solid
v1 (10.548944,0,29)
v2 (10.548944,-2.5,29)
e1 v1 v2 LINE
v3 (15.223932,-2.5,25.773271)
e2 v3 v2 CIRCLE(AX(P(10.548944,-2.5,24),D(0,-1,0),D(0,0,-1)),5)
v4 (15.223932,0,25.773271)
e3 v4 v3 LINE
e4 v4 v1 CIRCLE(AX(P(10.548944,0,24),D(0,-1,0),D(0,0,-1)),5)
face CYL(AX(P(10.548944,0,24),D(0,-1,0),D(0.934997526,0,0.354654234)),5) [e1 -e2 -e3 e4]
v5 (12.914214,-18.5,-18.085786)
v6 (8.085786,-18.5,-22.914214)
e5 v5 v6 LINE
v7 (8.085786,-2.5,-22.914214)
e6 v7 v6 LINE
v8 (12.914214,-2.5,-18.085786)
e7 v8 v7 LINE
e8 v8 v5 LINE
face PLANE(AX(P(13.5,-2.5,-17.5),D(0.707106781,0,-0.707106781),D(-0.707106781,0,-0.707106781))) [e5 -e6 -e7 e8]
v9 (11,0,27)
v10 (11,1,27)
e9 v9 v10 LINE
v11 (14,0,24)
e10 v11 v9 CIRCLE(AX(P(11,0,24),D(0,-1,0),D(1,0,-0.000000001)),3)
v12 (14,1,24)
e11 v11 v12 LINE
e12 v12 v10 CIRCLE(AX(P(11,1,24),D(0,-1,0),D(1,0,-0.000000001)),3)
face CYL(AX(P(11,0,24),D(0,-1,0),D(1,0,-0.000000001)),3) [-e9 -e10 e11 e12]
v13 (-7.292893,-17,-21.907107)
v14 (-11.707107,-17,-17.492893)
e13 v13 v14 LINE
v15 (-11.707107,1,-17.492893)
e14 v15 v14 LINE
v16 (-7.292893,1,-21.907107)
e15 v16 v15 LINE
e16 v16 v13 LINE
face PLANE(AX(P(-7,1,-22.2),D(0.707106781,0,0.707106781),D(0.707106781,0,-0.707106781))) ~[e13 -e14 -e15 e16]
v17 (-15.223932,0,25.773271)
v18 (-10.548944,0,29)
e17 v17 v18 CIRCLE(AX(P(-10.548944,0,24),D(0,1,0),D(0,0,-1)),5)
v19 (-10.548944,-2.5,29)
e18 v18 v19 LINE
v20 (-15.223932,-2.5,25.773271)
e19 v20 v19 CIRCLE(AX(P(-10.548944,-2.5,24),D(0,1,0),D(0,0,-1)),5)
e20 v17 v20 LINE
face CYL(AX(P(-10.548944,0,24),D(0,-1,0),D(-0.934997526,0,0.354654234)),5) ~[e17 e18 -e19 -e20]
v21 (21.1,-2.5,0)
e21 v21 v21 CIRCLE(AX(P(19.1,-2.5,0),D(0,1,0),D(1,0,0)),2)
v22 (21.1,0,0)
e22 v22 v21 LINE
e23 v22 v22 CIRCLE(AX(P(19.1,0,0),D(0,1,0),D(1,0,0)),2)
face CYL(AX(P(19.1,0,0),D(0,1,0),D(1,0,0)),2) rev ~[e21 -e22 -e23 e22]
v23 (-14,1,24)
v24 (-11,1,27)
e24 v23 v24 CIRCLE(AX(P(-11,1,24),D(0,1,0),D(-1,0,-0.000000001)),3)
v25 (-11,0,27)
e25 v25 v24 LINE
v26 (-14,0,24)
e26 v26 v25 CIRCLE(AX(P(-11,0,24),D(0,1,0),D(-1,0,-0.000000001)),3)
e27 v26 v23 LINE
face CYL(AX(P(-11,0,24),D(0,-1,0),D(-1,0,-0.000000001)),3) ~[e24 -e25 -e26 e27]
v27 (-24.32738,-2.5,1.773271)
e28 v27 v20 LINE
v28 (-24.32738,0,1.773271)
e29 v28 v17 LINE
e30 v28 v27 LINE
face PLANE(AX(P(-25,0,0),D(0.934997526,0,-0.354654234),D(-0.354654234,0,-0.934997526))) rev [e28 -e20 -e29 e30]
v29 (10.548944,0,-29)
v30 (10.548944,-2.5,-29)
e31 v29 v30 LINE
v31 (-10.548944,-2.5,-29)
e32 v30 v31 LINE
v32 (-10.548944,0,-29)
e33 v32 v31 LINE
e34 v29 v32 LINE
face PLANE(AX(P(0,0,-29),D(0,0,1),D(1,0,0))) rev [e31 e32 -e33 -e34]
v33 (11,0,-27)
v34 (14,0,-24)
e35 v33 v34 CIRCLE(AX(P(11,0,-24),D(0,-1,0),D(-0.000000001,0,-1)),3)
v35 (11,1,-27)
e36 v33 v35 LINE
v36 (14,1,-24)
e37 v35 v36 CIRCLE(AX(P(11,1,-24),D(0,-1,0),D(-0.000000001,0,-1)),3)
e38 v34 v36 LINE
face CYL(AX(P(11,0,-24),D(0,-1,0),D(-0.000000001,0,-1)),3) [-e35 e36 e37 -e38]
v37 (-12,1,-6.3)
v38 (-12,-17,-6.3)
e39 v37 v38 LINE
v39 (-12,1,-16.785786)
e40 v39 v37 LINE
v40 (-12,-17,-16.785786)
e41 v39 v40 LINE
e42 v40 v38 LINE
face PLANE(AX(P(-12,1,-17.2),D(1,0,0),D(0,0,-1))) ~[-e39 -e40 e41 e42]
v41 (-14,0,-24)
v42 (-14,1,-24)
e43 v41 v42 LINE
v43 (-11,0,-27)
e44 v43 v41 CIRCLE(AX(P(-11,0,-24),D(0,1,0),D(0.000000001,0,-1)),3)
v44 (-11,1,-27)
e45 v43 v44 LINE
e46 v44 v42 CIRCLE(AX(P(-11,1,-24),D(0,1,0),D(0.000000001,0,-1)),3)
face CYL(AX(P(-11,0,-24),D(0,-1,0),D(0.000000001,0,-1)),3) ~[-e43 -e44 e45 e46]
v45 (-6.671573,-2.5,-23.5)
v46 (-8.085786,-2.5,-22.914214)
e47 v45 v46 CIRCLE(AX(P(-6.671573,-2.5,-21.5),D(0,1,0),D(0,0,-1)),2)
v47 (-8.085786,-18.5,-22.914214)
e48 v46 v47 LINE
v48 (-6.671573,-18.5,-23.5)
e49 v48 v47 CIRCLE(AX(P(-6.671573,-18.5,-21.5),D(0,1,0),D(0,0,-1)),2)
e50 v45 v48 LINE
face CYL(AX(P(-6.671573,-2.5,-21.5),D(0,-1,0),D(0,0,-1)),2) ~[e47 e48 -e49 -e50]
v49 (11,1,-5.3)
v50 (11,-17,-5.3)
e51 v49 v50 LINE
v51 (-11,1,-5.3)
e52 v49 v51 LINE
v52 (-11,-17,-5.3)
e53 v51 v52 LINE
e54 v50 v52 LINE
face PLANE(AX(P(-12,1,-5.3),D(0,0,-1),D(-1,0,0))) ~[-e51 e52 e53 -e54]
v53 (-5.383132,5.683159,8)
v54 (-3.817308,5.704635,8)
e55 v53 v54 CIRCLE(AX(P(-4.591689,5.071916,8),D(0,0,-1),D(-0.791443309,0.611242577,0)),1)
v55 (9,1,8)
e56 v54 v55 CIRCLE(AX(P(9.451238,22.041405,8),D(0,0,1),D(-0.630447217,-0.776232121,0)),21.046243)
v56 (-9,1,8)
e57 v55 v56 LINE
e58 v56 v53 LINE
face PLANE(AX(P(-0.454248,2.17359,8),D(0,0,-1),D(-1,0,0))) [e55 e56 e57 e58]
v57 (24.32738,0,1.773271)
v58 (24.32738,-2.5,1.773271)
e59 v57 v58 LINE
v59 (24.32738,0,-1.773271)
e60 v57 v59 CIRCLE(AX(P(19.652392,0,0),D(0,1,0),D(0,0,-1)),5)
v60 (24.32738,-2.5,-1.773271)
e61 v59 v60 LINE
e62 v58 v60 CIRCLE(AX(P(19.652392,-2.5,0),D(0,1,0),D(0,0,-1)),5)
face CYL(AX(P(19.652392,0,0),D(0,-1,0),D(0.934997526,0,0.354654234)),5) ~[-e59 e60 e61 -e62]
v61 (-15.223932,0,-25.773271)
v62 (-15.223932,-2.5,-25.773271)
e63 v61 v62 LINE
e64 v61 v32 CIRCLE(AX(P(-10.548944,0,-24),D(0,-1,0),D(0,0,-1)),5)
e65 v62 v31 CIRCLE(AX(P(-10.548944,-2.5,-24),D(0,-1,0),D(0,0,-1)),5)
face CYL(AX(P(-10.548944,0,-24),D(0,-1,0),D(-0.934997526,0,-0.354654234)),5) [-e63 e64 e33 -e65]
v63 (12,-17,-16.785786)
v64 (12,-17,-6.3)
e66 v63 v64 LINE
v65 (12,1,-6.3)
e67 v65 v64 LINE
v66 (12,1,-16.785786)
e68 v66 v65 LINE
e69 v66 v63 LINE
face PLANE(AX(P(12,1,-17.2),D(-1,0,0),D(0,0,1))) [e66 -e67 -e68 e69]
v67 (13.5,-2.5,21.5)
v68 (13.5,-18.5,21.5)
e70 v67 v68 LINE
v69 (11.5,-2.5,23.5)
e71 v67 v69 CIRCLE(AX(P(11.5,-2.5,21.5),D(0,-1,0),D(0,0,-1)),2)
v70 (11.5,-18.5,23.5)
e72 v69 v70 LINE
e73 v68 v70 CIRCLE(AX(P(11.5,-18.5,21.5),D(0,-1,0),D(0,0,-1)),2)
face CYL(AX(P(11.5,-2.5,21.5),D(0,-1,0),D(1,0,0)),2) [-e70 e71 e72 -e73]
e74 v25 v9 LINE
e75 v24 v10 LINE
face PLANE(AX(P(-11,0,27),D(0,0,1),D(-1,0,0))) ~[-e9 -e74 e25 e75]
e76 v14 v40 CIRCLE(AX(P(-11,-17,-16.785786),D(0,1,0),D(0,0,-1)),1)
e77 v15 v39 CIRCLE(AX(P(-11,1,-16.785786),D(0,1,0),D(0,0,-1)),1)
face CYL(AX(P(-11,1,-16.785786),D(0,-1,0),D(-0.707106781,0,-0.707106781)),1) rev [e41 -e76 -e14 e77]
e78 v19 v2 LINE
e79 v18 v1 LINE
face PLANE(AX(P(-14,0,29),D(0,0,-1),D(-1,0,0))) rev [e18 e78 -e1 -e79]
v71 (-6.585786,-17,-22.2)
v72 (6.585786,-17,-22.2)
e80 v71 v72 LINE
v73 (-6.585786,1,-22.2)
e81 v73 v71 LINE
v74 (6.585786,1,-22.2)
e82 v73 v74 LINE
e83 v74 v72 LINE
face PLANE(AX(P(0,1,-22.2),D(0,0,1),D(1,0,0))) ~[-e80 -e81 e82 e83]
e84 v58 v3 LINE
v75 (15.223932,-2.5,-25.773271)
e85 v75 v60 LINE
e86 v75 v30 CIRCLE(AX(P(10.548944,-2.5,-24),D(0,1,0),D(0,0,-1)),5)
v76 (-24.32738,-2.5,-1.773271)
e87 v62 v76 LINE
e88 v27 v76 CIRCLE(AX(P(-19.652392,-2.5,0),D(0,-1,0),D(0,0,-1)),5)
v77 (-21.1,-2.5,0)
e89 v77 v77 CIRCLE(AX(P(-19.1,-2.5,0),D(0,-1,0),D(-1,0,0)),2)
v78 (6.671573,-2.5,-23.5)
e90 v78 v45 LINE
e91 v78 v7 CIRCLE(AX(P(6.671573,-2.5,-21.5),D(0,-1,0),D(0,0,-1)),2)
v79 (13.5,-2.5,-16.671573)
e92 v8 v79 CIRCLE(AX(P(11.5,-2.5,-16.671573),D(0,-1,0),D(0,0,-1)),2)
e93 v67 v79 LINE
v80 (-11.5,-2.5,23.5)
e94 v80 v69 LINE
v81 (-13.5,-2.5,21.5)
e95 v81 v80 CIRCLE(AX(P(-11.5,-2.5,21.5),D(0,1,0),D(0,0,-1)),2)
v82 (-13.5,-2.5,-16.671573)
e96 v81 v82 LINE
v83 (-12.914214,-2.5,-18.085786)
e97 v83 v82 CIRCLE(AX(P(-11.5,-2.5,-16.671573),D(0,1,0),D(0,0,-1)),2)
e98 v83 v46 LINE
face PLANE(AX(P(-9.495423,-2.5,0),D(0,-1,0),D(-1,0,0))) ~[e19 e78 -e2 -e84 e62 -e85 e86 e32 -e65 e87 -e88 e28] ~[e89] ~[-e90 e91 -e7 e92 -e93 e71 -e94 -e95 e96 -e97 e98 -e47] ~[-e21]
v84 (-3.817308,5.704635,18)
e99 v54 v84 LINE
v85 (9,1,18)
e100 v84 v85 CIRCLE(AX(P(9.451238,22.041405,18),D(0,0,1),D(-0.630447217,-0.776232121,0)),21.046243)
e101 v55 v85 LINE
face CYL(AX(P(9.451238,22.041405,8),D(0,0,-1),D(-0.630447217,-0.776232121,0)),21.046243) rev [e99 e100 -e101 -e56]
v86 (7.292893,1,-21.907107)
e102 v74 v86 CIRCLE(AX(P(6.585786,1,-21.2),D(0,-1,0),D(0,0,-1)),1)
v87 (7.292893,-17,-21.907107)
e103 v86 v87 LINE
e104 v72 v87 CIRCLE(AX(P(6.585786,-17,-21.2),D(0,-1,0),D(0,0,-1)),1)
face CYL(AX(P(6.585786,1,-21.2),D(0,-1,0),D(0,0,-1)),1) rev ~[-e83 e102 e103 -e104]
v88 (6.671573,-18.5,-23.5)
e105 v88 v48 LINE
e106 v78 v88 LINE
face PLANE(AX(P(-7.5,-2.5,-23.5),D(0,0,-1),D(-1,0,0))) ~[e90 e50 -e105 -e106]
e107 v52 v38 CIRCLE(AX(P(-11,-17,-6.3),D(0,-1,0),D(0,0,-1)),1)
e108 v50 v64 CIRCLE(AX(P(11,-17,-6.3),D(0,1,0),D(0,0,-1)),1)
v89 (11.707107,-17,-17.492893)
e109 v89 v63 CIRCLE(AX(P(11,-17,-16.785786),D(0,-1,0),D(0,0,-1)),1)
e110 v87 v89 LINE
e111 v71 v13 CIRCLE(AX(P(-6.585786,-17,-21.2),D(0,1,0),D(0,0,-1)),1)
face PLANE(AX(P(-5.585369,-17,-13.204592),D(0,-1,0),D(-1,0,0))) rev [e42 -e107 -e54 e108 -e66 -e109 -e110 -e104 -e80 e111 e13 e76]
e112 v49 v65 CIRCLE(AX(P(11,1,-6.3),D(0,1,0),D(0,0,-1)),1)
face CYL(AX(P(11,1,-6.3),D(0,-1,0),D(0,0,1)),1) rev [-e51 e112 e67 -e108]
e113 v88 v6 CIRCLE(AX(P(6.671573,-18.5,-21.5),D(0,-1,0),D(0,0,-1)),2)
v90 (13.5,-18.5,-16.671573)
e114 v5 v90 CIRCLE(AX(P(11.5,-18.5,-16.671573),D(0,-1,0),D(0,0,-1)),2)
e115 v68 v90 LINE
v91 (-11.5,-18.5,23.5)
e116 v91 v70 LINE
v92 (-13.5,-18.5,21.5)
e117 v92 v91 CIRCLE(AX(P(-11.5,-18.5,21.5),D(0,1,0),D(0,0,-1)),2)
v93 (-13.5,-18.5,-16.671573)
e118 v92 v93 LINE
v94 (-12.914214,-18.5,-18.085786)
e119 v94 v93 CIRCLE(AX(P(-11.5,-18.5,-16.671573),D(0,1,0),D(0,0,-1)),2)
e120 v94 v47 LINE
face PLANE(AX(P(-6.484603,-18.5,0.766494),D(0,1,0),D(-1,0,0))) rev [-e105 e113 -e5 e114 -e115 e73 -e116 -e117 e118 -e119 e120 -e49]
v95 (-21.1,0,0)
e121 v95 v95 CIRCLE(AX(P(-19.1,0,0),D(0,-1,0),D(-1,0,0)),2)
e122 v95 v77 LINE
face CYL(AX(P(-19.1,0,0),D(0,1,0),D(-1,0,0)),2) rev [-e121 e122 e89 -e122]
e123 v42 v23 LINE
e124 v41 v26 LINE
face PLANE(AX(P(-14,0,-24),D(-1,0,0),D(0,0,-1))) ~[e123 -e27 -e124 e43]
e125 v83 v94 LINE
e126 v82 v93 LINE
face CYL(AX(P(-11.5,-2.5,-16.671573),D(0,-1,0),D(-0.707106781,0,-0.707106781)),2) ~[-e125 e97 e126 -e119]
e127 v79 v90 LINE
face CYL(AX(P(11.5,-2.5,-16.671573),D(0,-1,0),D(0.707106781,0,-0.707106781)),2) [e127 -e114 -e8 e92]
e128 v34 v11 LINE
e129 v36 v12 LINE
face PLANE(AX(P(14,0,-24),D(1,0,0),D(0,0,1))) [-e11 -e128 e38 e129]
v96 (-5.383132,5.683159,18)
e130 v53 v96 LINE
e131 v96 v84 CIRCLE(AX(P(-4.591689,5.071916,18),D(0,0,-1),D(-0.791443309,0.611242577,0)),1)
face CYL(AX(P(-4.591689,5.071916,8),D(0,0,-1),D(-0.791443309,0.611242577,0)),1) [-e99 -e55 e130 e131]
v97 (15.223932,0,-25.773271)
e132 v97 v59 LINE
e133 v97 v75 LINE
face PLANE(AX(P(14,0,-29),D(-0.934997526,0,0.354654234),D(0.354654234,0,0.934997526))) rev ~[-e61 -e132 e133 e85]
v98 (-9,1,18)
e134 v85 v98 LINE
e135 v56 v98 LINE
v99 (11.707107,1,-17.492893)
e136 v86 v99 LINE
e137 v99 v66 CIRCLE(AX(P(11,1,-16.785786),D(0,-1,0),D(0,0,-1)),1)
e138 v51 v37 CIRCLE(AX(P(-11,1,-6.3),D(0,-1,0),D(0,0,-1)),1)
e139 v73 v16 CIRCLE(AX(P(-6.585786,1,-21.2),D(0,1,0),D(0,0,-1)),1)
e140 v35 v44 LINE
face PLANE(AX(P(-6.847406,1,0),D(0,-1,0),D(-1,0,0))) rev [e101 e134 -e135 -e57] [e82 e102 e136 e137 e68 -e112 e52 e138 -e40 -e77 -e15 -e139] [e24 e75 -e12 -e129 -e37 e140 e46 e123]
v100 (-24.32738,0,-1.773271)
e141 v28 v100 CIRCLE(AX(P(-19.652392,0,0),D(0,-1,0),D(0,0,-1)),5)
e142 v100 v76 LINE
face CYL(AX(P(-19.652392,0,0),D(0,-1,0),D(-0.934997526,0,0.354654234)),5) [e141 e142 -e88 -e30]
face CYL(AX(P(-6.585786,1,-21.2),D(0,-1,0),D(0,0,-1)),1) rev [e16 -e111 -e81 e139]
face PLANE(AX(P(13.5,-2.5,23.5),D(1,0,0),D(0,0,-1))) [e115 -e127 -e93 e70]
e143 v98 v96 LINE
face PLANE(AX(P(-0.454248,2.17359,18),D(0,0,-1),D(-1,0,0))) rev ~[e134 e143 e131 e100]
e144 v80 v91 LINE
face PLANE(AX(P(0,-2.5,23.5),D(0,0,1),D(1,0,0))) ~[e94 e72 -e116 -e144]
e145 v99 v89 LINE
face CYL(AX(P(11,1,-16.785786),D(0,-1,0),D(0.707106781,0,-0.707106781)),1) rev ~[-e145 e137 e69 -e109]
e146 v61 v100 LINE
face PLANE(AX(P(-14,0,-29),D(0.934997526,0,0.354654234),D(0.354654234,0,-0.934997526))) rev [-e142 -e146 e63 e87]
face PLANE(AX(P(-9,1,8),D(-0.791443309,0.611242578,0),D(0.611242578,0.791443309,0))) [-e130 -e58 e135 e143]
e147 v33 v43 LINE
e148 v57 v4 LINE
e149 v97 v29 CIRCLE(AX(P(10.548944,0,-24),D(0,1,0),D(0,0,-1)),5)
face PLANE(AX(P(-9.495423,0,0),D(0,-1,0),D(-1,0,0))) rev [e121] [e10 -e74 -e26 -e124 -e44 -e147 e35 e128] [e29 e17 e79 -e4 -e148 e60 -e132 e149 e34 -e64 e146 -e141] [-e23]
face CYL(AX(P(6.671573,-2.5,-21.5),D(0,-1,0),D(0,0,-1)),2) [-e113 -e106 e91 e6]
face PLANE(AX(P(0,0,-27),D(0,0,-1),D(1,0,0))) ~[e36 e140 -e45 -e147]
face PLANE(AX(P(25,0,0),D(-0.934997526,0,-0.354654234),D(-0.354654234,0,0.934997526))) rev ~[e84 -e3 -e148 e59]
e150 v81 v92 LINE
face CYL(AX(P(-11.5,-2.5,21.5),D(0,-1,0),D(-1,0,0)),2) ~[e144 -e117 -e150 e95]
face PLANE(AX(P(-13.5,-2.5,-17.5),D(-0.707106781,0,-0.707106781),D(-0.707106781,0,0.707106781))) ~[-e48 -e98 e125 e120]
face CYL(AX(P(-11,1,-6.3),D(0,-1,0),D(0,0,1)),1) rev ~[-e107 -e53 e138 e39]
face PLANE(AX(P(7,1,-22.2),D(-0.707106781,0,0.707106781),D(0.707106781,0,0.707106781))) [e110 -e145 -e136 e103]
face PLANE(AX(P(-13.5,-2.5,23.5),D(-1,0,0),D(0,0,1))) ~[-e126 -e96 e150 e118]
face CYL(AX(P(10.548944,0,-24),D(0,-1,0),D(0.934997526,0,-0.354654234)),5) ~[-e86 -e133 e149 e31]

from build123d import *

# Parameters (mm, degrees)
SKETCH1_R           = 2
BOSS_EXTRUDE1_DEPTH = 2.5
FILLET1_R           = 5
BOSS_EXTRUDE2_DEPTH = 1
BOSS_EXTRUDE3_DEPTH = 16
FILLET2_R           = 2
CUT_EXTRUDE1_DEPTH  = 18
FILLET3_R           = 1
BOSS_EXTRUDE4_START = 8
BOSS_EXTRUDE4_DEPTH = 10


with BuildPart() as part:
    # Sketch1 → Boss-Extrude1 (new body)
    with BuildSketch(Plane(origin=(0, 0, 0), x_dir=(1, 0, 0), z_dir=(0, 1, 0))):
        Polygon((25, 0), (14, -29), (0, -29), (0, 29), (14, 29), align=None)
        with Locations((19.1, 0)):
            Circle(SKETCH1_R, mode=Mode.SUBTRACT)
    extrude(amount=-BOSS_EXTRUDE1_DEPTH)

    # Fillet1
    fillet1_edges = [part.edges().sort_by_distance(p)[0] for p in [
        (14, -1.25, -29),
        (25, -1.25, 0),
        (14, -1.25, 29),
    ]]
    fillet(fillet1_edges, radius=FILLET1_R)

    # Sketch2 → Boss-Extrude2 (add)
    with BuildSketch(Plane(origin=(0, 0, 0), x_dir=(1, 0, 0), z_dir=(0, 1, 0))):
        with BuildLine():
            Line((0, 27), (11, 27))
            ThreePointArc((11, 27), (13.121320344, 26.121320344), (14, 24))
            Line((14, 24), (14, -24))
            ThreePointArc((14, -24), (13.121320344, -26.121320344), (11, -27))
            Line((11, -27), (0, -27))
            Line((0, -27), (0, 27))
        make_face()
    extrude(amount=BOSS_EXTRUDE2_DEPTH)

    # Sketch3 → Boss-Extrude3 (add)
    with BuildSketch(Plane.XZ.offset(2.5)):
        Polygon((0, 23.5), (13.5, 23.5), (13.5, -17.5), (7.5, -23.5), (0, -23.5), align=None)
    extrude(amount=BOSS_EXTRUDE3_DEPTH)

    # Fillet2
    fillet2_edges = [part.edges().sort_by_distance(p)[0] for p in [
        (13.5, -10.5, -17.5),
        (7.5, -10.5, -23.5),
        (13.5, -10.5, 23.5),
    ]]
    fillet(fillet2_edges, radius=FILLET2_R)

    # Sketch5 → Cut-Extrude1 (cut)
    with BuildSketch(Plane(origin=(0, 1, 0), x_dir=(1, 0, 0), z_dir=(0, 1, 0))):
        Polygon((0, 22.2), (7, 22.2), (12, 17.2), (12, 5.3), (0, 5.3), align=None)
    extrude(amount=-CUT_EXTRUDE1_DEPTH, mode=Mode.SUBTRACT)

    # Fillet3
    fillet3_edges = [part.edges().sort_by_distance(p)[0] for p in [
        (7, -8, -22.2),
        (12, -8, -17.2),
        (12, -8, -5.3),
    ]]
    fillet(fillet3_edges, radius=FILLET3_R)

    # Mirror1: part across plane


with BuildPart() as part_1:
    add(part.part)
    add(part.part.mirror(Plane(origin=(0, -2.5, -29), x_dir=(0, 0, 1), z_dir=(-1, 0, 0))))

    # Sketch6 → Boss-Extrude4 (add)
    with BuildSketch(Plane.XY.offset(BOSS_EXTRUDE4_START)):
        with BuildLine():
            Line((-9, 1), (-5.383132121, 5.683158511))
            ThreePointArc((-5.383132121, 5.683158511), (-4.605403481, 6.071821883), (-3.817307634, 5.704635295))
            ThreePointArc((-3.817307634, 5.704635295), (2.199237296, 2.28405626), (9, 1))
            Line((9, 1), (-9, 1))
        make_face()
    extrude(amount=BOSS_EXTRUDE4_DEPTH)


solid = part_1.part
